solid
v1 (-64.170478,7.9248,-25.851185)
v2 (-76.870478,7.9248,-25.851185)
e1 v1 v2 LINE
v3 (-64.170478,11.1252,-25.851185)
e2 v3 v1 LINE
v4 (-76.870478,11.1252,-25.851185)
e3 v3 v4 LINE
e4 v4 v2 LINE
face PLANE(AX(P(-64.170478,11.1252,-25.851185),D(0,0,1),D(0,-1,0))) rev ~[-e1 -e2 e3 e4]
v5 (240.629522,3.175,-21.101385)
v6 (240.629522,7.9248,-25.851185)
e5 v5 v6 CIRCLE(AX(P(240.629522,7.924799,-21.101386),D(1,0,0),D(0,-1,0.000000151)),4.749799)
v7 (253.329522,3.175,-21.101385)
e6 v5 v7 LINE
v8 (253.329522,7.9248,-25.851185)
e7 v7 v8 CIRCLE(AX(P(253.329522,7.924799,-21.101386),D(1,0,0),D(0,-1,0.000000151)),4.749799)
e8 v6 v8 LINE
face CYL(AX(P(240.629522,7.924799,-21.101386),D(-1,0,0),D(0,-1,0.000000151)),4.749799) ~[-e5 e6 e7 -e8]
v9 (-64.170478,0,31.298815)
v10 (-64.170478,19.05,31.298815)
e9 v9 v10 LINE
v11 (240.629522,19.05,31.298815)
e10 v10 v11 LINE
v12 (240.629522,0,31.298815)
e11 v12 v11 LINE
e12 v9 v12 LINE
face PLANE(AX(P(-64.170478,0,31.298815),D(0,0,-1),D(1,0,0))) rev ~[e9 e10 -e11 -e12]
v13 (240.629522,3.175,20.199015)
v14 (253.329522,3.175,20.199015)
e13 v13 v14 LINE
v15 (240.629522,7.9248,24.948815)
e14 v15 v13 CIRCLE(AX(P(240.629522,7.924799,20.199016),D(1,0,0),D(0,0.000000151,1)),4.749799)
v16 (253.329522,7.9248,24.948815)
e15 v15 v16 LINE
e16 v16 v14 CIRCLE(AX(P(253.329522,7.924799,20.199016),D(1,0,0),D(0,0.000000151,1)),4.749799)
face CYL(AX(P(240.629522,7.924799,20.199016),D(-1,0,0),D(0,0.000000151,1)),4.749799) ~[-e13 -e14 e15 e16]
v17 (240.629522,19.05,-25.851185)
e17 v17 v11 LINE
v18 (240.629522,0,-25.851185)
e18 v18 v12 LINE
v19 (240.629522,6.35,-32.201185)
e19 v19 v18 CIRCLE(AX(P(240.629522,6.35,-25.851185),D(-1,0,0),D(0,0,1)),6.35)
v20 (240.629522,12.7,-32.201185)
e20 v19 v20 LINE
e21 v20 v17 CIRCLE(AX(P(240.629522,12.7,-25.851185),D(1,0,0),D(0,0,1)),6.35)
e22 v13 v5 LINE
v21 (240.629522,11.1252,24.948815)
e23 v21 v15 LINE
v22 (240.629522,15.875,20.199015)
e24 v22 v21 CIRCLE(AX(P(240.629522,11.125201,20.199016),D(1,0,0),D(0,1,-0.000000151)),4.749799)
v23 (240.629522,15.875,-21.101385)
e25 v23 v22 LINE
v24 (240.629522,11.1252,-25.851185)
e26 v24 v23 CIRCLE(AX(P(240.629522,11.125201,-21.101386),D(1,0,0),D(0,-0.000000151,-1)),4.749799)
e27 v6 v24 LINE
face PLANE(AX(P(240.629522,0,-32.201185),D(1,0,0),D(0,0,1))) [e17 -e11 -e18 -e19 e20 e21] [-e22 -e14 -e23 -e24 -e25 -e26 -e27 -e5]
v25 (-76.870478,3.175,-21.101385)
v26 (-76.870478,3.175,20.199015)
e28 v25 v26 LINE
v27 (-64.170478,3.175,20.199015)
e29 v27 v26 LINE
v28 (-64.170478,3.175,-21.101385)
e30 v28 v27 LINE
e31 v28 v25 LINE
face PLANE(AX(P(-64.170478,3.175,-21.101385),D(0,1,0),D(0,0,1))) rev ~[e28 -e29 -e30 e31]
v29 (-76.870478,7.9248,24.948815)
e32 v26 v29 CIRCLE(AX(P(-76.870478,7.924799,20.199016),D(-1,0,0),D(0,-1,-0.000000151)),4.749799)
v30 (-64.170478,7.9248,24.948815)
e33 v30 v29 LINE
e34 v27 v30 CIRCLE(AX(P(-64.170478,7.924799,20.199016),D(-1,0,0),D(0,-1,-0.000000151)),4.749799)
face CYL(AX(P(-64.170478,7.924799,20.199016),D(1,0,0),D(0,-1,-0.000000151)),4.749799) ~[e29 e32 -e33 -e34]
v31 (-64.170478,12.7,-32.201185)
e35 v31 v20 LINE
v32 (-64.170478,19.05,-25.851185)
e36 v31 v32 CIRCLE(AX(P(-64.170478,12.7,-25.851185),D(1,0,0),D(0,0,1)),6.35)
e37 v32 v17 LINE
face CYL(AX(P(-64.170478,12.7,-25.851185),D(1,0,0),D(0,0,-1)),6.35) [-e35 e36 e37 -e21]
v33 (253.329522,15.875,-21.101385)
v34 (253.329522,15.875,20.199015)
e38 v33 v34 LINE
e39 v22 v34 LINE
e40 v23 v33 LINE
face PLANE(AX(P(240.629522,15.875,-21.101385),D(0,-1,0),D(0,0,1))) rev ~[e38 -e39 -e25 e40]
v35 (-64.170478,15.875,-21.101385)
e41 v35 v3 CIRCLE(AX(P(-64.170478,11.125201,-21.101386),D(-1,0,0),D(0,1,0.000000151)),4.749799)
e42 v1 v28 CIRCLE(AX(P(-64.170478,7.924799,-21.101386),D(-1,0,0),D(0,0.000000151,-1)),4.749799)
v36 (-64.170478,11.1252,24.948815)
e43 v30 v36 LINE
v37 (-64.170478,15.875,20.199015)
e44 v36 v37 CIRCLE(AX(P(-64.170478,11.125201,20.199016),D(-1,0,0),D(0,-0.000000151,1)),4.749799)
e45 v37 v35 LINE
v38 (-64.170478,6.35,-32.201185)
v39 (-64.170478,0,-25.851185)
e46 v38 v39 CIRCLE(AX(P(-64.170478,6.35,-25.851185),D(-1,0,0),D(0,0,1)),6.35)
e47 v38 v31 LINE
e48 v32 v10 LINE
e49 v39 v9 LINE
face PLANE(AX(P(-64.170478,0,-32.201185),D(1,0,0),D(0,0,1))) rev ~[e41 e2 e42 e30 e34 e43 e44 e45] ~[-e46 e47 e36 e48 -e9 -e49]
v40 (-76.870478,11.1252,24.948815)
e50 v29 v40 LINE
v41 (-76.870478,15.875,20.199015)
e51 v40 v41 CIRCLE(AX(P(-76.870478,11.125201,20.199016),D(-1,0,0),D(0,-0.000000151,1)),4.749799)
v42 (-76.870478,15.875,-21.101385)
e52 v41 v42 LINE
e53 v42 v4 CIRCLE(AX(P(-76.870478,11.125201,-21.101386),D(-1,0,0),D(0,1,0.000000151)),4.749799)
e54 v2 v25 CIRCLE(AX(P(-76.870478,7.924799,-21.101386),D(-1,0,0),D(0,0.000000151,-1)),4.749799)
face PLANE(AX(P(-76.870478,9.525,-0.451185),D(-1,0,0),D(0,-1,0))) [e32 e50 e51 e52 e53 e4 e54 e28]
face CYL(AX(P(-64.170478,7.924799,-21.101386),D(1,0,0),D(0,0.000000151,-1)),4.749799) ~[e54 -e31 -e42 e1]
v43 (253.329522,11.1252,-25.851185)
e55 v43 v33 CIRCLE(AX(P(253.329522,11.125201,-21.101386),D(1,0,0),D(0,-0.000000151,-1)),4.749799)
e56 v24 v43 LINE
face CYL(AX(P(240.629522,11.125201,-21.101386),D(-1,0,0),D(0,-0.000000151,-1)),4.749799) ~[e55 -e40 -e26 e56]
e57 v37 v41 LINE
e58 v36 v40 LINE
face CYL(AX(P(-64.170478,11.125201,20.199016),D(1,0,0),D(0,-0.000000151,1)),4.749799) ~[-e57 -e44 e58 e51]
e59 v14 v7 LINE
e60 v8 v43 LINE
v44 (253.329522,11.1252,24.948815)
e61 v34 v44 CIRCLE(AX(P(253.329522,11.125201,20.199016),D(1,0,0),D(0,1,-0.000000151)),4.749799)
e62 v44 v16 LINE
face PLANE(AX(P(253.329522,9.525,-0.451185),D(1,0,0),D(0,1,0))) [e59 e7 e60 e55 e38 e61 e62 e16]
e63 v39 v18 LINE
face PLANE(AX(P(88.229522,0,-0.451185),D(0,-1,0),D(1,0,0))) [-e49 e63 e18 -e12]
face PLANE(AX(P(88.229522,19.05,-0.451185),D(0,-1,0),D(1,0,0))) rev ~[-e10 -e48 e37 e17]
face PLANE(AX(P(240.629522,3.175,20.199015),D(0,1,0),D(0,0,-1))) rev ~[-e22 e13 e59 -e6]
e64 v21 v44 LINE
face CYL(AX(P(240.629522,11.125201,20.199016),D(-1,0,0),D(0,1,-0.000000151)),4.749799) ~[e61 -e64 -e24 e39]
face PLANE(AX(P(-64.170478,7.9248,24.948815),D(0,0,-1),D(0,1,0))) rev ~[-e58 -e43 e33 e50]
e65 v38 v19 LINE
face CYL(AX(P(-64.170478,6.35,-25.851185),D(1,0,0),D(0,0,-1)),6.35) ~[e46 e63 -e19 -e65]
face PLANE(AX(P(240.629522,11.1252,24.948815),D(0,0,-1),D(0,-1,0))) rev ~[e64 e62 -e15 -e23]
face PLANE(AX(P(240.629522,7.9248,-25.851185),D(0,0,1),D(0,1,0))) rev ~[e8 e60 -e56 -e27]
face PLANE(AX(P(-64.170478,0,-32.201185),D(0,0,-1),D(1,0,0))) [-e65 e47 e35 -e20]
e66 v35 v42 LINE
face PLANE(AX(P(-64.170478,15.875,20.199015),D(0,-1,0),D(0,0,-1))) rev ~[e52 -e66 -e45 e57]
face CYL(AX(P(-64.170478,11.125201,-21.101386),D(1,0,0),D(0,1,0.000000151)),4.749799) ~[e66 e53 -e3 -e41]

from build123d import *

# Parameters (mm, degrees)
F0_W     = 304.8
F0_H     = 63.5
F1_DEPTH = 19.05
F3_DEPTH = 12.7
F5_DEPTH = 12.7
F6_R     = 6.35


with BuildPart() as f1:
    # F0 (on Front) → F1 (new body)
    with BuildSketch(Plane.XZ):
        with Locations((88.229522, -0.451185)):
            Rectangle(F0_W, F0_H)
    extrude(amount=-F1_DEPTH)

    # F2 (on face) → F3 (join)
    with BuildSketch(Plane.YZ.offset(240.629522)):
        with BuildLine():
            Line((11.1252, 24.948815), (7.9248, 24.948815))
            ThreePointArc((7.9248, 24.948815), (4.566184, 23.557631), (3.175, 20.199015))
            Line((3.175, 20.199015), (3.175, -21.101385))
            ThreePointArc((3.175, -21.101385), (4.566184, -24.460001), (7.9248, -25.851185))
            Line((7.9248, -25.851185), (11.1252, -25.851185))
            ThreePointArc((11.1252, -25.851185), (14.483816, -24.460001), (15.875, -21.101385))
            Line((15.875, -21.101385), (15.875, 20.199015))
            ThreePointArc((15.875, 20.199015), (14.483816, 23.557631), (11.1252, 24.948815))
        make_face()
    extrude(amount=F3_DEPTH)

    # F4 (on face) → F5 (join)
    with BuildSketch(Plane(origin=(-64.170478, 0, 0), x_dir=(0, -1, 0), z_dir=(-1, 0, 0))):
        with BuildLine():
            Line((-7.9248, 24.948815), (-11.1252, 24.948815))
            ThreePointArc((-11.1252, 24.948815), (-14.483816, 23.557631), (-15.875, 20.199015))
            Line((-15.875, 20.199015), (-15.875, -21.101385))
            ThreePointArc((-15.875, -21.101385), (-14.483816, -24.460001), (-11.1252, -25.851185))
            Line((-11.1252, -25.851185), (-7.9248, -25.851185))
            ThreePointArc((-7.9248, -25.851185), (-4.566184, -24.460001), (-3.175, -21.101385))
            Line((-3.175, -21.101385), (-3.175, 20.199015))
            ThreePointArc((-3.175, 20.199015), (-4.566184, 23.557631), (-7.9248, 24.948815))
        make_face()
    extrude(amount=F5_DEPTH)

    # F6
    f6_edges = [f1.edges().sort_by_distance(p)[0] for p in [
        (88.229522, 0, -32.201185),
        (88.229522, 19.05, -32.201185),
    ]]
    fillet(f6_edges, radius=F6_R)


solid = f1.part
